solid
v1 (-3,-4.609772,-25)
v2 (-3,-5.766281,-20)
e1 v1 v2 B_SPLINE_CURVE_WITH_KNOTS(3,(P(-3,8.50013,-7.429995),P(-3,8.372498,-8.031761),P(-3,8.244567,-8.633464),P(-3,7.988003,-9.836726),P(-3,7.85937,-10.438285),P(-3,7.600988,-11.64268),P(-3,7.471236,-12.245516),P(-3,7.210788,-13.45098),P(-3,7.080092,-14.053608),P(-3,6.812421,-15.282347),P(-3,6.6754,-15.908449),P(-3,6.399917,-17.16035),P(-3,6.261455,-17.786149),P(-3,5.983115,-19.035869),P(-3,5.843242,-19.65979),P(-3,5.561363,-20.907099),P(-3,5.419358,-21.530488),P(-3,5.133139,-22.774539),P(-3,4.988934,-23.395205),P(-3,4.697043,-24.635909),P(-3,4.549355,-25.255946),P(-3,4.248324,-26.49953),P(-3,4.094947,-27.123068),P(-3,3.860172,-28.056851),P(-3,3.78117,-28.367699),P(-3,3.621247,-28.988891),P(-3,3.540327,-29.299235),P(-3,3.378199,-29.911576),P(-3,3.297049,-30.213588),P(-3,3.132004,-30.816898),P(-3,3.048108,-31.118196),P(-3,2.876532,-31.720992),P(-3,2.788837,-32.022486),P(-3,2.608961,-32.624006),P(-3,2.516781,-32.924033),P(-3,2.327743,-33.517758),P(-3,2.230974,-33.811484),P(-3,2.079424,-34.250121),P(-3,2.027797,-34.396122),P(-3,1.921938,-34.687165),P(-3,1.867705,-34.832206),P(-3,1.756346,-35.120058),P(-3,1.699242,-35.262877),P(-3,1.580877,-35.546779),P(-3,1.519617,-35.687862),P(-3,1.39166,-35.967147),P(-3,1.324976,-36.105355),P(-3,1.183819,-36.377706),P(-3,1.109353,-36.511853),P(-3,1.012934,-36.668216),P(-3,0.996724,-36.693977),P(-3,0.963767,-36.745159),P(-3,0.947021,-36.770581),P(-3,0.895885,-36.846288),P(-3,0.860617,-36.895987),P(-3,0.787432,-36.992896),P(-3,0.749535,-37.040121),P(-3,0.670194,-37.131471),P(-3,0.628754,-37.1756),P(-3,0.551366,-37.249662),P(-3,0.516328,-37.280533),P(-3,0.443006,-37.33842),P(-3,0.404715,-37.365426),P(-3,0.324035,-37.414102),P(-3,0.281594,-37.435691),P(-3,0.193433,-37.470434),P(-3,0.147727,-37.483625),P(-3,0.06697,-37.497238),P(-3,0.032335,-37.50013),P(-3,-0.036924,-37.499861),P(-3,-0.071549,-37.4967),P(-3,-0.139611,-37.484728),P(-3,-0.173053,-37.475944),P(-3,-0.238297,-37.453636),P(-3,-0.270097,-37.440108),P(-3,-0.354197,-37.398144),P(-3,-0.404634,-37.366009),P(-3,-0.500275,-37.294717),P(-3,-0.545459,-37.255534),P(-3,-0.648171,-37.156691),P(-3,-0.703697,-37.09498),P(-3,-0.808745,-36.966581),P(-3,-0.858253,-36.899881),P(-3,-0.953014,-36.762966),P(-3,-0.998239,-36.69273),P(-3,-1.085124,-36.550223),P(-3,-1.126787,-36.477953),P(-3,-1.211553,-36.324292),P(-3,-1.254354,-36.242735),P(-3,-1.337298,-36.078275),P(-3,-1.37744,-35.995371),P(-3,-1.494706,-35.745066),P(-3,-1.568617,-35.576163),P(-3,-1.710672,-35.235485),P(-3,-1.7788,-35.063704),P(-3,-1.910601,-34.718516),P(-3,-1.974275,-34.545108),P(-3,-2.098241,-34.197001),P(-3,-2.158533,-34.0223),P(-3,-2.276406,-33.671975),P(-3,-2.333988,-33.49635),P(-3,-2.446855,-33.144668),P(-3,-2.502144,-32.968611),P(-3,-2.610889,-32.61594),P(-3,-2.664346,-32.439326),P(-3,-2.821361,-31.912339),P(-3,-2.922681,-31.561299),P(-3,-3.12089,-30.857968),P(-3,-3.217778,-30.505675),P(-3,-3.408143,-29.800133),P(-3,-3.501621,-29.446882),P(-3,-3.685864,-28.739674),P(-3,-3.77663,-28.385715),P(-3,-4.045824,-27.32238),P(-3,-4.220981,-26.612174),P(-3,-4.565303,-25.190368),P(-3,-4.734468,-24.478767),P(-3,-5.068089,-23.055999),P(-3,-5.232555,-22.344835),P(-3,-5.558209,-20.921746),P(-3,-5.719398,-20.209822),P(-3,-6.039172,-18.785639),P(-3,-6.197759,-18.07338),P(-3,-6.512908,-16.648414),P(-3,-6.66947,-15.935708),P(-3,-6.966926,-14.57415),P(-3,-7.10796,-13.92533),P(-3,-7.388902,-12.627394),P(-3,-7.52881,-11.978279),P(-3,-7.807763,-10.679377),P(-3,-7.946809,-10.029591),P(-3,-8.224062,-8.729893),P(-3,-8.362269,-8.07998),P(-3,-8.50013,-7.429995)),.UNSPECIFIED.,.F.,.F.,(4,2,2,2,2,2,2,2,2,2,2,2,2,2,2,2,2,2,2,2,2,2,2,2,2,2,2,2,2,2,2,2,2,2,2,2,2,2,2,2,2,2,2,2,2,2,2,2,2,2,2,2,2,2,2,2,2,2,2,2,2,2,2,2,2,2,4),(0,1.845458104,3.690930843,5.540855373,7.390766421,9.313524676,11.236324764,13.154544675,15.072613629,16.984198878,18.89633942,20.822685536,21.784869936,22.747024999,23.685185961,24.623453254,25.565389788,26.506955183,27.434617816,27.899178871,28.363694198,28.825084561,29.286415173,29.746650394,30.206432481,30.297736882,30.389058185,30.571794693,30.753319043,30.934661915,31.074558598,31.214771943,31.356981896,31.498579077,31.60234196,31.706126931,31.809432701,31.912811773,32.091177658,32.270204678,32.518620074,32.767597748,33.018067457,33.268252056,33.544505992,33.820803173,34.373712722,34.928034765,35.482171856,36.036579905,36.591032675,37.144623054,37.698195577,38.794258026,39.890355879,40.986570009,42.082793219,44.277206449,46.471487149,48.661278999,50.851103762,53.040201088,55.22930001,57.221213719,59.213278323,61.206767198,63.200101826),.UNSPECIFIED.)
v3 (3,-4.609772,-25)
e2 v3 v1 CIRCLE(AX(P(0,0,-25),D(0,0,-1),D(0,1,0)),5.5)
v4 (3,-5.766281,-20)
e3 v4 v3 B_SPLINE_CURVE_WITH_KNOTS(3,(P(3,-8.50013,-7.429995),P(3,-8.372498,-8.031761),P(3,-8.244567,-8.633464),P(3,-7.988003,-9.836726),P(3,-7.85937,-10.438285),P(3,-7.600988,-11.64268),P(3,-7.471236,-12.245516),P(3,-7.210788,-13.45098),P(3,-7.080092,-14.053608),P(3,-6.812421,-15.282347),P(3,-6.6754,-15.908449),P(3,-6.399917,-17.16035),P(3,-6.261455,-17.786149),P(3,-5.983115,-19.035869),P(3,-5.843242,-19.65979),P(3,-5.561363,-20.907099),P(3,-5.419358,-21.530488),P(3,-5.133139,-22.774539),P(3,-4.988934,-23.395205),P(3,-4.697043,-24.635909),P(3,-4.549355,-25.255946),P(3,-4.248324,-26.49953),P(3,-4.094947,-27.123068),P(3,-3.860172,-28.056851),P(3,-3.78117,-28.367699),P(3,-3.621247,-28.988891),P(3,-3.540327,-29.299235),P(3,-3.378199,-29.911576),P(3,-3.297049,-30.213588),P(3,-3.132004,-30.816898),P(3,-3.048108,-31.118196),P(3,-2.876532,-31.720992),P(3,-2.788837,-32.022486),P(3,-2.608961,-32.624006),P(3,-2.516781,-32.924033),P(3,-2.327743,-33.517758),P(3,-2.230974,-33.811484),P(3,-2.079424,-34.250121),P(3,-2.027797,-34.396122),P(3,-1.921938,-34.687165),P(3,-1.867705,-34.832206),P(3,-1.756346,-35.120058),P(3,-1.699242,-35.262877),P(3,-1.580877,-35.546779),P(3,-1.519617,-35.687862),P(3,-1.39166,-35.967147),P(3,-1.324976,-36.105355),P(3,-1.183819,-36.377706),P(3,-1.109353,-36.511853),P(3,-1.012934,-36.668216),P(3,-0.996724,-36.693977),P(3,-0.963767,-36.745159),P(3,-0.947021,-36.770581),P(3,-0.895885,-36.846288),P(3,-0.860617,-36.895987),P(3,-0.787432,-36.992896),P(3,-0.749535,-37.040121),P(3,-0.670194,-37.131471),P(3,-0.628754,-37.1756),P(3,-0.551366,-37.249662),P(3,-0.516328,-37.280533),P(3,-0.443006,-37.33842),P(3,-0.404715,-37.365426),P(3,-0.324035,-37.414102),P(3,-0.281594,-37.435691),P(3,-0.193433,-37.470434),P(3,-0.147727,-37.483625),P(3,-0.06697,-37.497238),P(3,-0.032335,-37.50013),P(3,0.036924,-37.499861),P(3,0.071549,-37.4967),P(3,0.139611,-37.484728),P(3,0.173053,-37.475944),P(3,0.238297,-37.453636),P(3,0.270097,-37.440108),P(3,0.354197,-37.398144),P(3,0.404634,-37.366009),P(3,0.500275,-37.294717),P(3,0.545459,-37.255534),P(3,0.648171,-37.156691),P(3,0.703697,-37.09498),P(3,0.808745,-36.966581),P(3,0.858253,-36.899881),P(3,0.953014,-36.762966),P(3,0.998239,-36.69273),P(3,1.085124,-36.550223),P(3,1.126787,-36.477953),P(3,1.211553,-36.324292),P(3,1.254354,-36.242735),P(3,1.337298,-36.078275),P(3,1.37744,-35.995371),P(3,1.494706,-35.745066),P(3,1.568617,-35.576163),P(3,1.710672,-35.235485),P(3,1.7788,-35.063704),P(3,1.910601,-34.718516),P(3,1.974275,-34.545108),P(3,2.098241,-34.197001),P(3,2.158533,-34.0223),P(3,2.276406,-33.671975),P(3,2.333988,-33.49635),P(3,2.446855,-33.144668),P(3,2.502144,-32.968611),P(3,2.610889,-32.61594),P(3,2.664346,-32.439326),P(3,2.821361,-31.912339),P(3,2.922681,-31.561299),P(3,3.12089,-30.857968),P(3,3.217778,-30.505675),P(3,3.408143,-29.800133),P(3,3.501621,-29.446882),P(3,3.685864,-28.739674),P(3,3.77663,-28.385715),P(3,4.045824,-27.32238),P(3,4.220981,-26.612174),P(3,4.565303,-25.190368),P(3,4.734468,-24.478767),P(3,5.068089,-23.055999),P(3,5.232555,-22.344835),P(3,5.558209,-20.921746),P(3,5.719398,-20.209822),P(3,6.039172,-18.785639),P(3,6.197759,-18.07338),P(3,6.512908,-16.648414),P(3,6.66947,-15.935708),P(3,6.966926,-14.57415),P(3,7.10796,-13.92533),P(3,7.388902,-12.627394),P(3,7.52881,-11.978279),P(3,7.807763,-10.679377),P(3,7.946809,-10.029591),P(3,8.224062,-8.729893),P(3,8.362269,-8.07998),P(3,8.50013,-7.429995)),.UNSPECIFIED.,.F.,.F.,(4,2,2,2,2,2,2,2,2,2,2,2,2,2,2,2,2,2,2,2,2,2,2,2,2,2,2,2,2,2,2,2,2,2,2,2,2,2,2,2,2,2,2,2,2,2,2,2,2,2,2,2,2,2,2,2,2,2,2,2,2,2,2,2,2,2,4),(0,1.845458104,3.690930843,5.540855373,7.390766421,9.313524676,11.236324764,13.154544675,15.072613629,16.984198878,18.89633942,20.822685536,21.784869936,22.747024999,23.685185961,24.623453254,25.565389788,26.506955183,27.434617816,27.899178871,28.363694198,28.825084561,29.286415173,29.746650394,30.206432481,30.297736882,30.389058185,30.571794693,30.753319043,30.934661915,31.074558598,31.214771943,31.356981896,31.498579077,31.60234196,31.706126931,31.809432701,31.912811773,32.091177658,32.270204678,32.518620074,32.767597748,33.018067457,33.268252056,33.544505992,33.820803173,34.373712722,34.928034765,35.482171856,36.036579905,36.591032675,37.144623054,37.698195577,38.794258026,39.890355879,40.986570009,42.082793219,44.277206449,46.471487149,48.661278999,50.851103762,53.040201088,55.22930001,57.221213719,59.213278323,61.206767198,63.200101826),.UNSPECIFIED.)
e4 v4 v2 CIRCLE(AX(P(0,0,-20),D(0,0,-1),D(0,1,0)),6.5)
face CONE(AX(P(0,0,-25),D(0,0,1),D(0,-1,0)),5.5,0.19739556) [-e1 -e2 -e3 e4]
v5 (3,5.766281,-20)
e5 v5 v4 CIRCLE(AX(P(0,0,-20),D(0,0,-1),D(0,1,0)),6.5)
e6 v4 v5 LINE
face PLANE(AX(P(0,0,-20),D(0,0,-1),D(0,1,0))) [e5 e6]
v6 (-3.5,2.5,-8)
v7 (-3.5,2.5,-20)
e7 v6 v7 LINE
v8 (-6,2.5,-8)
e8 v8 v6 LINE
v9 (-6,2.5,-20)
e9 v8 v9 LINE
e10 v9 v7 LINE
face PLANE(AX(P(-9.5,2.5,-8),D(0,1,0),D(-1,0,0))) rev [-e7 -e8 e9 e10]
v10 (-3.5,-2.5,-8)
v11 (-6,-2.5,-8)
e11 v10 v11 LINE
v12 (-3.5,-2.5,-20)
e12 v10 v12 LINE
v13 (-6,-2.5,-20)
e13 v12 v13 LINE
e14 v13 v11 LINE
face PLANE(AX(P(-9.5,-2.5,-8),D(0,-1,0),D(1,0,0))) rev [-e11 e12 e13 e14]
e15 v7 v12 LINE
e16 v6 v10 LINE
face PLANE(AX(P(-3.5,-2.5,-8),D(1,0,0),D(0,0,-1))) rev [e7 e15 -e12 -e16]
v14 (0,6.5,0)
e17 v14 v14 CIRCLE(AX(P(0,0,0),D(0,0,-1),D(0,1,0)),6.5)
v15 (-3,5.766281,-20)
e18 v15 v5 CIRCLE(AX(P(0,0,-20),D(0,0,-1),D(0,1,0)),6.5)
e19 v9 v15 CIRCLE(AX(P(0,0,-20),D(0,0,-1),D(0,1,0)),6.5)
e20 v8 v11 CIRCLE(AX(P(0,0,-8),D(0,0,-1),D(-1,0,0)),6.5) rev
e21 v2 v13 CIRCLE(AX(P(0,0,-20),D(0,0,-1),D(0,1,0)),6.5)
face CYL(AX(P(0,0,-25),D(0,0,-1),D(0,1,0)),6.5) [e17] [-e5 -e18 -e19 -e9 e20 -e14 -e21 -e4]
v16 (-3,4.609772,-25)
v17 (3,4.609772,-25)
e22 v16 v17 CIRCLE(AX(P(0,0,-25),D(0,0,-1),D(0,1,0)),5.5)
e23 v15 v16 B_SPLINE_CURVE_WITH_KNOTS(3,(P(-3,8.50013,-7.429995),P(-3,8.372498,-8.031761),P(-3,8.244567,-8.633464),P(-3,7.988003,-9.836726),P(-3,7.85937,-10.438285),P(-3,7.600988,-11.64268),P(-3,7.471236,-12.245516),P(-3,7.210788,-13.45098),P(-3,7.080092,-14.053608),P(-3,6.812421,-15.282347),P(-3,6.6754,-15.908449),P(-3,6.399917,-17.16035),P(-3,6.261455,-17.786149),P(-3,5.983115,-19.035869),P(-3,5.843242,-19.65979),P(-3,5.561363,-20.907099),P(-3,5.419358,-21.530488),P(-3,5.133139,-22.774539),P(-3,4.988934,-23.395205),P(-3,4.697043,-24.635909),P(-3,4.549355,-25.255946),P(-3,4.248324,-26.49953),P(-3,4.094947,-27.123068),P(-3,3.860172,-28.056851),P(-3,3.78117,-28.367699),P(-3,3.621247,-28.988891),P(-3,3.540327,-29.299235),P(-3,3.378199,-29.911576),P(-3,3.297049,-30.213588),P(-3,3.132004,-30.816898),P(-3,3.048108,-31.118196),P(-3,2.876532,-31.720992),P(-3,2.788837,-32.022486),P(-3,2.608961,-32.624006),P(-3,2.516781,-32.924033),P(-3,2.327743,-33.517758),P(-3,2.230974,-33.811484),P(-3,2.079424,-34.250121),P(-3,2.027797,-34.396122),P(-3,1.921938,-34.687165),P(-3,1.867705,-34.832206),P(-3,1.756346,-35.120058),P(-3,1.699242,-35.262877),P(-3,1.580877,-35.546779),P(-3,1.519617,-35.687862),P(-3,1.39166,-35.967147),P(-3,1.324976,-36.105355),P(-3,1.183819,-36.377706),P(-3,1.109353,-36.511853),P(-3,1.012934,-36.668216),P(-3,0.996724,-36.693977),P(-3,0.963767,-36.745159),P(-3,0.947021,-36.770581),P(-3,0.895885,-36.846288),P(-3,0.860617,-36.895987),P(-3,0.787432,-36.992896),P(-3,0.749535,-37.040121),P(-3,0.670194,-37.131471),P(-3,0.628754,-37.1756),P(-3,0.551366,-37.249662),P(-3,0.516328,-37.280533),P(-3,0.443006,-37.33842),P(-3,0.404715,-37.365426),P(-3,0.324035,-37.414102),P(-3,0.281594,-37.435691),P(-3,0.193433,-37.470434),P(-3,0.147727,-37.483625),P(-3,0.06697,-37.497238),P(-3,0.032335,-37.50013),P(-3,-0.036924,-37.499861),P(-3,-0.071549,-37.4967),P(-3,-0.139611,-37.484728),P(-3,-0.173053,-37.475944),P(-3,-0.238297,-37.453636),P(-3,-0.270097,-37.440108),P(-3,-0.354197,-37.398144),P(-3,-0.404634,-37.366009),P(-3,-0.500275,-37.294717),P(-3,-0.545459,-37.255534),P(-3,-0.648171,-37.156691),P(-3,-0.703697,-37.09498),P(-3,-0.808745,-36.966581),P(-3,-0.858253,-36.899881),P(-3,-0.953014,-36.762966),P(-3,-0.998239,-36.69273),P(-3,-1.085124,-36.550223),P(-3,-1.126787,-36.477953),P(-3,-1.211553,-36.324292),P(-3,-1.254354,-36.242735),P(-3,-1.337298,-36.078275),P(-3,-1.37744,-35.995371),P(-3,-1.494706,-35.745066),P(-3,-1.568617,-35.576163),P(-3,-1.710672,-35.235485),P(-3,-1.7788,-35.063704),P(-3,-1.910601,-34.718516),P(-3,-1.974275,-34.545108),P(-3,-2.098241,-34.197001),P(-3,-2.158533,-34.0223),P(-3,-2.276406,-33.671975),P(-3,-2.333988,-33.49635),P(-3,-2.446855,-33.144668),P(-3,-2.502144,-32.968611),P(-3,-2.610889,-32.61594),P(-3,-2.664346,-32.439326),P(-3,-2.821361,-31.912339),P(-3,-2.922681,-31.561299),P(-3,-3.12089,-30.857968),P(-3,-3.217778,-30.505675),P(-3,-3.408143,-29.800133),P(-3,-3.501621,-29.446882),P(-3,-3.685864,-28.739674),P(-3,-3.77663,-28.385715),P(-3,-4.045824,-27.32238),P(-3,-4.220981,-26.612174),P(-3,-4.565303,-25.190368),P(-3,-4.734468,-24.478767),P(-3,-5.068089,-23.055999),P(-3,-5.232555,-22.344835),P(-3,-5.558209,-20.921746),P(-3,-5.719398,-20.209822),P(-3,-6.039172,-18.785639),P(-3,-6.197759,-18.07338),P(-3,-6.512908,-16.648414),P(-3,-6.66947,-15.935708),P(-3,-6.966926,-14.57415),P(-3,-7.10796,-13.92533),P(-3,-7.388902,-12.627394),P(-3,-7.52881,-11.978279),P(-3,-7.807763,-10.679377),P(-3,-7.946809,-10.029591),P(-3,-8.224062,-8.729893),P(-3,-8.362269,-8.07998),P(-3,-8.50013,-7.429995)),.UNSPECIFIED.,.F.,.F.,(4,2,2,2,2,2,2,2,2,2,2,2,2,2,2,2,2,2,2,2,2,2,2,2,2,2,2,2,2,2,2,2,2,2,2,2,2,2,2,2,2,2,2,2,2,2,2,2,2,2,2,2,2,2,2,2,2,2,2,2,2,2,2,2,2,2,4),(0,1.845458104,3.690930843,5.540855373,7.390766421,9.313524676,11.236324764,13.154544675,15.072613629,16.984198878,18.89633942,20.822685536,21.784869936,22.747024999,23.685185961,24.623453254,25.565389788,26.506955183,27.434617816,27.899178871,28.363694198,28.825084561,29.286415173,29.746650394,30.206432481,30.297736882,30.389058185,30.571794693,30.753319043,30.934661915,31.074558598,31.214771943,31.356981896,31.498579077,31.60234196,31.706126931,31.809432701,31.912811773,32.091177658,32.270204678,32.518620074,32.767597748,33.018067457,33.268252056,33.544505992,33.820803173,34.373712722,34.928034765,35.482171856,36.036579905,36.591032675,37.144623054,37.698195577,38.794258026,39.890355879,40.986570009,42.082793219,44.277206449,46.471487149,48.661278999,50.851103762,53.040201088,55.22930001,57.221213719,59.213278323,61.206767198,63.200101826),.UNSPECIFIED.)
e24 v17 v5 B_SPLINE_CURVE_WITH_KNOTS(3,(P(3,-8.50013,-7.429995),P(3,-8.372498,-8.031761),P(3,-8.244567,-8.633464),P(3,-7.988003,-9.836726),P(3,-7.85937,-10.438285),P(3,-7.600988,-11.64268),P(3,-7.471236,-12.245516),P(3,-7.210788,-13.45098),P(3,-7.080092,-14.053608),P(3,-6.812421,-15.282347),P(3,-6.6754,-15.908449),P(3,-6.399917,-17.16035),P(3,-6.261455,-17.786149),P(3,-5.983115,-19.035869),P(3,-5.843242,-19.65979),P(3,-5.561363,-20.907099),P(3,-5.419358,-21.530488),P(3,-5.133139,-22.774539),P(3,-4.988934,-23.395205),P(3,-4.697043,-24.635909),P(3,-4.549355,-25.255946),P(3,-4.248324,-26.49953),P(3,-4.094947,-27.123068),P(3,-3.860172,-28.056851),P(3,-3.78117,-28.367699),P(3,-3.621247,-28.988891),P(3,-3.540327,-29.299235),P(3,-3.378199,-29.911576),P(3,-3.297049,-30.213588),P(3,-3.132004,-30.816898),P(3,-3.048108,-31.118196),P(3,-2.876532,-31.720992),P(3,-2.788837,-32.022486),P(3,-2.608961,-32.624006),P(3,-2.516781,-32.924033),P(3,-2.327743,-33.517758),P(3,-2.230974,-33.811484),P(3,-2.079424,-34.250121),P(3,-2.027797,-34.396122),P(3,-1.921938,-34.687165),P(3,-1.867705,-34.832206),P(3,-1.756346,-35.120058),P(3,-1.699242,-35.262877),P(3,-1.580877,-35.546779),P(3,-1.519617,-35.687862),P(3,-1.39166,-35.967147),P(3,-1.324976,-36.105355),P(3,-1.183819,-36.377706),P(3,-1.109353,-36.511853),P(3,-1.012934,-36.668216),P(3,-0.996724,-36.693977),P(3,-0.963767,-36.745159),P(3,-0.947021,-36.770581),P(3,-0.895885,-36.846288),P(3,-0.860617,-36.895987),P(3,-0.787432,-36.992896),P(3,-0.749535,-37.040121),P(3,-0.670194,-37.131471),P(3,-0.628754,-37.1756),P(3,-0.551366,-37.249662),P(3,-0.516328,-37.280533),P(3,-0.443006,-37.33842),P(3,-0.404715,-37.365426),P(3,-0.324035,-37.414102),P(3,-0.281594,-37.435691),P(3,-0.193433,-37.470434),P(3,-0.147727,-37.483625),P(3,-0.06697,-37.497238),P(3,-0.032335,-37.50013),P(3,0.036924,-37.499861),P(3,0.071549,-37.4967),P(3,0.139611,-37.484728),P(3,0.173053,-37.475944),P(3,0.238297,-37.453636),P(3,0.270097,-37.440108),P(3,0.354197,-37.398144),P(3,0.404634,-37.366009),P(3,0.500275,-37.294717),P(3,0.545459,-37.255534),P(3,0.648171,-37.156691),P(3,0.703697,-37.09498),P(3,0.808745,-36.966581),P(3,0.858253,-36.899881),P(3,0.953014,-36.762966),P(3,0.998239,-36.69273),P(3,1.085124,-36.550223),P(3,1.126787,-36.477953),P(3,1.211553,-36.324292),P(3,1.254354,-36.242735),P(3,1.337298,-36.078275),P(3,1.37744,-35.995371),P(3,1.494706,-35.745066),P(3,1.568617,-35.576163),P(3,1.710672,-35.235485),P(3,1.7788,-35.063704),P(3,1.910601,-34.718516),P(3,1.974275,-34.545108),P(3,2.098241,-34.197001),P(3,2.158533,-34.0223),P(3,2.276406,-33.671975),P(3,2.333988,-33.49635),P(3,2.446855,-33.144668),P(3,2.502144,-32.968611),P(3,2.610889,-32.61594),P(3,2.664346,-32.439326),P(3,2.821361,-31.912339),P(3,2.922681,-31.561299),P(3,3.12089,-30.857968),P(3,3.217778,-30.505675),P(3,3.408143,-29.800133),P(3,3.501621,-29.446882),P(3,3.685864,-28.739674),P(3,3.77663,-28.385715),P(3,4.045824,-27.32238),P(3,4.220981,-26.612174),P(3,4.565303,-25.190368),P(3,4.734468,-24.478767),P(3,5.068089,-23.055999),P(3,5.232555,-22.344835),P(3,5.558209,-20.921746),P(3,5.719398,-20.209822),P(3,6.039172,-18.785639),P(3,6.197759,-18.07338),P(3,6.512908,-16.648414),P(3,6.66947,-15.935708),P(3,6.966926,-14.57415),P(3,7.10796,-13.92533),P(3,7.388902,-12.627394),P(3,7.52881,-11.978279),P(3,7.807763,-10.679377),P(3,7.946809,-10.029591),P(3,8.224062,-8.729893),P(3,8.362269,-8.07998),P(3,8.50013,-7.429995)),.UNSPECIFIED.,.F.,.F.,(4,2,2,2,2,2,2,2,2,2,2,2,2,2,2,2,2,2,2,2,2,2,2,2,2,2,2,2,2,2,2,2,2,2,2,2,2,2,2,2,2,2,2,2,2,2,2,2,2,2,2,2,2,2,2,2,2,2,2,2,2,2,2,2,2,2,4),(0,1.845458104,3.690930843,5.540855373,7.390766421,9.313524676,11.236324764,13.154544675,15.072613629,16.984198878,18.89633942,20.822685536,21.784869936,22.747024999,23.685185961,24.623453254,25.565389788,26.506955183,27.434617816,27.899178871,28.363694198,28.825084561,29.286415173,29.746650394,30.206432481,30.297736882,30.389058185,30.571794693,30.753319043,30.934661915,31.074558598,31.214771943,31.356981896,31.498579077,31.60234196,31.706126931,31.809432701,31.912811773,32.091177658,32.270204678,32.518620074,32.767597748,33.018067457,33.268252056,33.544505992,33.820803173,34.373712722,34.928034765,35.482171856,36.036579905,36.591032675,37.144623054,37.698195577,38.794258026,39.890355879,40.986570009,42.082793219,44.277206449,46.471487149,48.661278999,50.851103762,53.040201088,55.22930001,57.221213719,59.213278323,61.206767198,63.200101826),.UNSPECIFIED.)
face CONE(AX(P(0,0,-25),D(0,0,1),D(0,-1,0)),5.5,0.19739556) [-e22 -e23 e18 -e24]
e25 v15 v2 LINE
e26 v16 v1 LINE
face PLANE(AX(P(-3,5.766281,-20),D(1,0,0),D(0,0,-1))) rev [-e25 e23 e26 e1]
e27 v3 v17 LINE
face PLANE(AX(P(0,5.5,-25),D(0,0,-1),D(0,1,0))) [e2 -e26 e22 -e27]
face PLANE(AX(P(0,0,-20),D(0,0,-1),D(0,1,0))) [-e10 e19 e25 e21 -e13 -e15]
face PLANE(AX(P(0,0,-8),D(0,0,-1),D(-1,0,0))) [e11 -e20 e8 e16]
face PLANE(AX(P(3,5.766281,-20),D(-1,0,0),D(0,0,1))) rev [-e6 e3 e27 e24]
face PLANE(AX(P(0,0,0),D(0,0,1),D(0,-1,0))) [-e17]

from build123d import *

# Parameters (mm, degrees)
CUT_EXTRUDE1_DEPTH = 5
SKETCH3_W          = 6
SKETCH3_H          = 5
CUT_EXTRUDE2_DEPTH = 12


with BuildPart() as part:
    # Sketch1 → Revolve1 (revolve)
    with BuildSketch(Plane(origin=(0, 0, 0), x_dir=(0, 0, -1), z_dir=(1, 0, 0))):
        Polygon((0, 0), (0, 6.5), (20, 6.5), (25, 5.5), (25, 0), align=None)
    revolve(axis=Axis((0, 0, -25), (0, 0, 1)))

    # Sketch2 → Cut-Extrude1 (cut)
    with BuildSketch(Plane(origin=(0, 0, -25), x_dir=(-1, 0, 0), z_dir=(0, 0, -1))):
        with BuildLine():
            Line((-3, 5.766281297), (-3, -5.766281297))
            ThreePointArc((-3, -5.766281297), (-6.5, 0), (-3, 5.766281297))
        make_face()
        with BuildLine():
            Line((3, 5.766281297), (3, -5.766281297))
            ThreePointArc((3, -5.766281297), (6.5, 0), (3, 5.766281297))
        make_face()
    extrude(amount=-CUT_EXTRUDE1_DEPTH, mode=Mode.SUBTRACT)

    # Sketch3 → Cut-Extrude2 (cut)
    with BuildSketch(Plane(origin=(0, 0, -20), x_dir=(-1, 0, 0), z_dir=(0, 0, -1))):
        with Locations((6.5, 0)):
            Rectangle(SKETCH3_W, SKETCH3_H)
    extrude(amount=-CUT_EXTRUDE2_DEPTH, mode=Mode.SUBTRACT)


solid = part.part
